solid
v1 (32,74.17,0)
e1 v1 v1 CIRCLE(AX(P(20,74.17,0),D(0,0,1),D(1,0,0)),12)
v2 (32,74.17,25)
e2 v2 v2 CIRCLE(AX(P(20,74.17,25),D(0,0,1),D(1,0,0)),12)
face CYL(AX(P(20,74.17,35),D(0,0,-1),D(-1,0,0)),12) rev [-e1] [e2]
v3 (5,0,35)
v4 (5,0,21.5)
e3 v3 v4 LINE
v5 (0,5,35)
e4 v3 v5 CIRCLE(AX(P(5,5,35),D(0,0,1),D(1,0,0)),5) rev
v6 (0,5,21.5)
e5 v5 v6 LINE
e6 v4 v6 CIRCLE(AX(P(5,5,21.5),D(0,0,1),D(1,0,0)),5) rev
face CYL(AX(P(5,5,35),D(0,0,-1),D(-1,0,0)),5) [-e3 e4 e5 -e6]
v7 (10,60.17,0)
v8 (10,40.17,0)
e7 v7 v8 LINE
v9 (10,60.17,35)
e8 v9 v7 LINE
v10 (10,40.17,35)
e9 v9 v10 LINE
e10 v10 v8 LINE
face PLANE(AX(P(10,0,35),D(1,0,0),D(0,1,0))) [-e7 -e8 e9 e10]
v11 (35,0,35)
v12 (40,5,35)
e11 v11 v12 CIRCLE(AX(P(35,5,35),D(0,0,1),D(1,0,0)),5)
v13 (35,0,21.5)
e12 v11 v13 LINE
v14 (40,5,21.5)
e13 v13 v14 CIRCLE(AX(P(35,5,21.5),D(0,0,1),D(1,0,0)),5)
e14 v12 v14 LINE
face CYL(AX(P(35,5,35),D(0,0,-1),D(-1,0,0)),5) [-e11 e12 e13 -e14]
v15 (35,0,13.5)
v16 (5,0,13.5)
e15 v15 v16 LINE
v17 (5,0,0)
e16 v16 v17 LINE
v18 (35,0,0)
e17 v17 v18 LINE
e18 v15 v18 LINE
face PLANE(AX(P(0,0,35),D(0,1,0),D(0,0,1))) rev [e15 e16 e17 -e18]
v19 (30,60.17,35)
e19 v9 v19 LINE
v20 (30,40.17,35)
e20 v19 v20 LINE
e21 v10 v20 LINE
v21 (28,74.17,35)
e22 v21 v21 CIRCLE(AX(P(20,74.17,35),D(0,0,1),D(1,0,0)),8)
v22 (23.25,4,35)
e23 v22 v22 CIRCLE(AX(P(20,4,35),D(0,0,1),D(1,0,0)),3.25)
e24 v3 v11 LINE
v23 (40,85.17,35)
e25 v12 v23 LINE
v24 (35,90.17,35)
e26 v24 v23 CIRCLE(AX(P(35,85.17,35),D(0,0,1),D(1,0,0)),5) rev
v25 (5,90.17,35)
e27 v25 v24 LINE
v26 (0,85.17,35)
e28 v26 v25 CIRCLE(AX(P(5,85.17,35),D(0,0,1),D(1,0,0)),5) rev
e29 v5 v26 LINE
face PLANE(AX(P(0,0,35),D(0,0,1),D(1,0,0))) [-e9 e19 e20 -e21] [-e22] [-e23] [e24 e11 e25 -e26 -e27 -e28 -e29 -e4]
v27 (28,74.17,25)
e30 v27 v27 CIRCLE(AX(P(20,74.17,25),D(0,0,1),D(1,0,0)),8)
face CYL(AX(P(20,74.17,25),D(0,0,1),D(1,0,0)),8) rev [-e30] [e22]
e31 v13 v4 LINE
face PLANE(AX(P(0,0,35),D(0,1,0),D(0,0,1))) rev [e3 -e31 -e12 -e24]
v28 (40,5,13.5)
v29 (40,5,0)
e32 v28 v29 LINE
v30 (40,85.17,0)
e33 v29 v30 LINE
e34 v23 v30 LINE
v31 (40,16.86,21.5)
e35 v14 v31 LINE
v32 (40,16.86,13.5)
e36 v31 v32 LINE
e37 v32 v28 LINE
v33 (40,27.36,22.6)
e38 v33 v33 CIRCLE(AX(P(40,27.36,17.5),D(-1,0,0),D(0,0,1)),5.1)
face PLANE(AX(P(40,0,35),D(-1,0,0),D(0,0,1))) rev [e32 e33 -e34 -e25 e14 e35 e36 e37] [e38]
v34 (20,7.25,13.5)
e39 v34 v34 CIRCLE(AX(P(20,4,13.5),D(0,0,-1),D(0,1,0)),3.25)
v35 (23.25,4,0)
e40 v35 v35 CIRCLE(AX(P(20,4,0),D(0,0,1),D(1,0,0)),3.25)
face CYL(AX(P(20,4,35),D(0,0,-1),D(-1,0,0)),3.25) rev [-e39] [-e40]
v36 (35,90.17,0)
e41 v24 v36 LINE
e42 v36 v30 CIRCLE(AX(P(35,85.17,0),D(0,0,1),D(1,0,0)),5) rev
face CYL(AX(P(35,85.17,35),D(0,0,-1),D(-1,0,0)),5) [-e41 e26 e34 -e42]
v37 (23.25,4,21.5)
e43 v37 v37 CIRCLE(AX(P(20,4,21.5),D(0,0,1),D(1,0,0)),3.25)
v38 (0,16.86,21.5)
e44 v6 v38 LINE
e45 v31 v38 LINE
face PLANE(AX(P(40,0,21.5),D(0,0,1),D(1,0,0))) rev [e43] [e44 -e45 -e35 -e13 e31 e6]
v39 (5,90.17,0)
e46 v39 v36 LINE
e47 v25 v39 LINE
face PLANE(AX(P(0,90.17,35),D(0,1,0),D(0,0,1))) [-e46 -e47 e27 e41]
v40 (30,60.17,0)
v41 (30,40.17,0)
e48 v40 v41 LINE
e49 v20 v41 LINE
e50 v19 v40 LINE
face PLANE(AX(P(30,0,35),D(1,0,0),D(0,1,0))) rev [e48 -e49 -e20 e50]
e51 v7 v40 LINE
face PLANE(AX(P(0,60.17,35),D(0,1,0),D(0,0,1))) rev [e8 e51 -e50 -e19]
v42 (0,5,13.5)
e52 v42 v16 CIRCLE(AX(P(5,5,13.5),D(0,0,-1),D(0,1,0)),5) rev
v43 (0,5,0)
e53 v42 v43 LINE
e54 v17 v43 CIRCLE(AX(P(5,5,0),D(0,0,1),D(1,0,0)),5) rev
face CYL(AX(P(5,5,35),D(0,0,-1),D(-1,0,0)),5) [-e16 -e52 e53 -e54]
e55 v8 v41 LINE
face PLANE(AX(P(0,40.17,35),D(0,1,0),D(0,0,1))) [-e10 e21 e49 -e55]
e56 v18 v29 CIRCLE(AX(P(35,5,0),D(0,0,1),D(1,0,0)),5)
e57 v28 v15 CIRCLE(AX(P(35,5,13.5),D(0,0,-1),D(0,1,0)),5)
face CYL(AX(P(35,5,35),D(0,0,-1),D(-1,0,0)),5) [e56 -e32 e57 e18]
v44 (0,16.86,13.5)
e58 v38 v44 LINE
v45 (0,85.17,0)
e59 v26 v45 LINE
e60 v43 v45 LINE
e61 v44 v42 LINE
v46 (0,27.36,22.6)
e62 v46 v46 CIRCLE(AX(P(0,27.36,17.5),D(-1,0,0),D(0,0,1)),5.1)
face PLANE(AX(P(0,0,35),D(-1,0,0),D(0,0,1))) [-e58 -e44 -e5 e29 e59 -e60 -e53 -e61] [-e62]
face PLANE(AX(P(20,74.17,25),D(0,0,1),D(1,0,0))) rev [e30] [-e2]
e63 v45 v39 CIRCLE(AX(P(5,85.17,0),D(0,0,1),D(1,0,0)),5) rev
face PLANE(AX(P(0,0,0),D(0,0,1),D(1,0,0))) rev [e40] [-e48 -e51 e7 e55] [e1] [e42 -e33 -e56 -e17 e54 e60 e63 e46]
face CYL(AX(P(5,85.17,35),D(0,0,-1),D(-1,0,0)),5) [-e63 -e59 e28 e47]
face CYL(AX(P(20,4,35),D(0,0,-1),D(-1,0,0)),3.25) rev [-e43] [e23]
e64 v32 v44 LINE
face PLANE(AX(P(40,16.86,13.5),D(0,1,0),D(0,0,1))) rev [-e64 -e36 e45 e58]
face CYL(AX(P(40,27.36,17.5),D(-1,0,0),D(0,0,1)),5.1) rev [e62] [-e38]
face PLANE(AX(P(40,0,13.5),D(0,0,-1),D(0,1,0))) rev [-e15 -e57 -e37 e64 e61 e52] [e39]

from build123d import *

# Parameters (mm, degrees)
CROQUIS1_R              = 12
CROQUIS1_R_2            = 3.25
SALIENTE_EXTRUIR1_DEPTH = 35
SALIENTE_EXTRUIR2_START = -10
CROQUIS2_R              = 12
CROQUIS2_R_2            = 8
SALIENTE_EXTRUIR2_DEPTH = 10
CROQUIS3_R              = 5.1
CROQUIS3_W              = 8
CROQUIS3_H              = 16.86
CORTAR_EXTRUIR2_DEPTH   = 105.669140151


with BuildPart() as part:
    # Croquis1 → Saliente-Extruir1 (new body)
    # profile 1 of 2: a face of its own
    with BuildSketch(Plane.XY):
        with BuildLine():
            Line((0, 85.17), (0, 40.17))
            Line((0, 40.17), (10, 40.17))
            Line((10, 40.17), (10, 60.17))
            Line((10, 60.17), (30, 60.17))
            Line((30, 60.17), (30, 40.17))
            Line((30, 40.17), (40, 40.17))
            Line((40, 40.17), (40, 85.17))
            ThreePointArc((40, 85.17), (38.535533906, 88.705533906), (35, 90.17))
            Line((35, 90.17), (5, 90.17))
            ThreePointArc((5, 90.17), (1.464466094, 88.705533906), (0, 85.17))
        make_face()
        with Locations((20, 74.17)):
            Circle(CROQUIS1_R, mode=Mode.SUBTRACT)
    # profile 2 of 2: a face of its own
    with BuildSketch(Plane.XY):
        with BuildLine():
            Line((5, 0), (35, 0))
            ThreePointArc((35, 0), (38.535533906, 1.464466094), (40, 5))
            Line((40, 5), (40, 40.17))
            Line((40, 40.17), (0, 40.17))
            Line((0, 40.17), (0, 5))
            ThreePointArc((0, 5), (1.464466094, 1.464466094), (5, 0))
        make_face()
        with Locations((20, 4)):
            Circle(CROQUIS1_R_2, mode=Mode.SUBTRACT)
    extrude(amount=SALIENTE_EXTRUIR1_DEPTH)

    # Croquis2 → Saliente-Extruir2 (add)
    with BuildSketch(Plane.XY.offset(35).offset(SALIENTE_EXTRUIR2_START)):
        with Locations((20, 74.17)):
            Circle(CROQUIS2_R)
        with Locations((20, 74.17)):
            Circle(CROQUIS2_R_2, mode=Mode.SUBTRACT)
    extrude(amount=SALIENTE_EXTRUIR2_DEPTH)

    # Croquis3 → Cortar-Extruir2 (cut, through all)
    with BuildSketch(Plane.ZY):
        with Locations((17.5, 27.36)):
            Circle(CROQUIS3_R)
        with Locations((17.5, 8.43)):
            Rectangle(CROQUIS3_W, CROQUIS3_H)
    extrude(amount=-CORTAR_EXTRUIR2_DEPTH, mode=Mode.SUBTRACT)


solid = part.part
